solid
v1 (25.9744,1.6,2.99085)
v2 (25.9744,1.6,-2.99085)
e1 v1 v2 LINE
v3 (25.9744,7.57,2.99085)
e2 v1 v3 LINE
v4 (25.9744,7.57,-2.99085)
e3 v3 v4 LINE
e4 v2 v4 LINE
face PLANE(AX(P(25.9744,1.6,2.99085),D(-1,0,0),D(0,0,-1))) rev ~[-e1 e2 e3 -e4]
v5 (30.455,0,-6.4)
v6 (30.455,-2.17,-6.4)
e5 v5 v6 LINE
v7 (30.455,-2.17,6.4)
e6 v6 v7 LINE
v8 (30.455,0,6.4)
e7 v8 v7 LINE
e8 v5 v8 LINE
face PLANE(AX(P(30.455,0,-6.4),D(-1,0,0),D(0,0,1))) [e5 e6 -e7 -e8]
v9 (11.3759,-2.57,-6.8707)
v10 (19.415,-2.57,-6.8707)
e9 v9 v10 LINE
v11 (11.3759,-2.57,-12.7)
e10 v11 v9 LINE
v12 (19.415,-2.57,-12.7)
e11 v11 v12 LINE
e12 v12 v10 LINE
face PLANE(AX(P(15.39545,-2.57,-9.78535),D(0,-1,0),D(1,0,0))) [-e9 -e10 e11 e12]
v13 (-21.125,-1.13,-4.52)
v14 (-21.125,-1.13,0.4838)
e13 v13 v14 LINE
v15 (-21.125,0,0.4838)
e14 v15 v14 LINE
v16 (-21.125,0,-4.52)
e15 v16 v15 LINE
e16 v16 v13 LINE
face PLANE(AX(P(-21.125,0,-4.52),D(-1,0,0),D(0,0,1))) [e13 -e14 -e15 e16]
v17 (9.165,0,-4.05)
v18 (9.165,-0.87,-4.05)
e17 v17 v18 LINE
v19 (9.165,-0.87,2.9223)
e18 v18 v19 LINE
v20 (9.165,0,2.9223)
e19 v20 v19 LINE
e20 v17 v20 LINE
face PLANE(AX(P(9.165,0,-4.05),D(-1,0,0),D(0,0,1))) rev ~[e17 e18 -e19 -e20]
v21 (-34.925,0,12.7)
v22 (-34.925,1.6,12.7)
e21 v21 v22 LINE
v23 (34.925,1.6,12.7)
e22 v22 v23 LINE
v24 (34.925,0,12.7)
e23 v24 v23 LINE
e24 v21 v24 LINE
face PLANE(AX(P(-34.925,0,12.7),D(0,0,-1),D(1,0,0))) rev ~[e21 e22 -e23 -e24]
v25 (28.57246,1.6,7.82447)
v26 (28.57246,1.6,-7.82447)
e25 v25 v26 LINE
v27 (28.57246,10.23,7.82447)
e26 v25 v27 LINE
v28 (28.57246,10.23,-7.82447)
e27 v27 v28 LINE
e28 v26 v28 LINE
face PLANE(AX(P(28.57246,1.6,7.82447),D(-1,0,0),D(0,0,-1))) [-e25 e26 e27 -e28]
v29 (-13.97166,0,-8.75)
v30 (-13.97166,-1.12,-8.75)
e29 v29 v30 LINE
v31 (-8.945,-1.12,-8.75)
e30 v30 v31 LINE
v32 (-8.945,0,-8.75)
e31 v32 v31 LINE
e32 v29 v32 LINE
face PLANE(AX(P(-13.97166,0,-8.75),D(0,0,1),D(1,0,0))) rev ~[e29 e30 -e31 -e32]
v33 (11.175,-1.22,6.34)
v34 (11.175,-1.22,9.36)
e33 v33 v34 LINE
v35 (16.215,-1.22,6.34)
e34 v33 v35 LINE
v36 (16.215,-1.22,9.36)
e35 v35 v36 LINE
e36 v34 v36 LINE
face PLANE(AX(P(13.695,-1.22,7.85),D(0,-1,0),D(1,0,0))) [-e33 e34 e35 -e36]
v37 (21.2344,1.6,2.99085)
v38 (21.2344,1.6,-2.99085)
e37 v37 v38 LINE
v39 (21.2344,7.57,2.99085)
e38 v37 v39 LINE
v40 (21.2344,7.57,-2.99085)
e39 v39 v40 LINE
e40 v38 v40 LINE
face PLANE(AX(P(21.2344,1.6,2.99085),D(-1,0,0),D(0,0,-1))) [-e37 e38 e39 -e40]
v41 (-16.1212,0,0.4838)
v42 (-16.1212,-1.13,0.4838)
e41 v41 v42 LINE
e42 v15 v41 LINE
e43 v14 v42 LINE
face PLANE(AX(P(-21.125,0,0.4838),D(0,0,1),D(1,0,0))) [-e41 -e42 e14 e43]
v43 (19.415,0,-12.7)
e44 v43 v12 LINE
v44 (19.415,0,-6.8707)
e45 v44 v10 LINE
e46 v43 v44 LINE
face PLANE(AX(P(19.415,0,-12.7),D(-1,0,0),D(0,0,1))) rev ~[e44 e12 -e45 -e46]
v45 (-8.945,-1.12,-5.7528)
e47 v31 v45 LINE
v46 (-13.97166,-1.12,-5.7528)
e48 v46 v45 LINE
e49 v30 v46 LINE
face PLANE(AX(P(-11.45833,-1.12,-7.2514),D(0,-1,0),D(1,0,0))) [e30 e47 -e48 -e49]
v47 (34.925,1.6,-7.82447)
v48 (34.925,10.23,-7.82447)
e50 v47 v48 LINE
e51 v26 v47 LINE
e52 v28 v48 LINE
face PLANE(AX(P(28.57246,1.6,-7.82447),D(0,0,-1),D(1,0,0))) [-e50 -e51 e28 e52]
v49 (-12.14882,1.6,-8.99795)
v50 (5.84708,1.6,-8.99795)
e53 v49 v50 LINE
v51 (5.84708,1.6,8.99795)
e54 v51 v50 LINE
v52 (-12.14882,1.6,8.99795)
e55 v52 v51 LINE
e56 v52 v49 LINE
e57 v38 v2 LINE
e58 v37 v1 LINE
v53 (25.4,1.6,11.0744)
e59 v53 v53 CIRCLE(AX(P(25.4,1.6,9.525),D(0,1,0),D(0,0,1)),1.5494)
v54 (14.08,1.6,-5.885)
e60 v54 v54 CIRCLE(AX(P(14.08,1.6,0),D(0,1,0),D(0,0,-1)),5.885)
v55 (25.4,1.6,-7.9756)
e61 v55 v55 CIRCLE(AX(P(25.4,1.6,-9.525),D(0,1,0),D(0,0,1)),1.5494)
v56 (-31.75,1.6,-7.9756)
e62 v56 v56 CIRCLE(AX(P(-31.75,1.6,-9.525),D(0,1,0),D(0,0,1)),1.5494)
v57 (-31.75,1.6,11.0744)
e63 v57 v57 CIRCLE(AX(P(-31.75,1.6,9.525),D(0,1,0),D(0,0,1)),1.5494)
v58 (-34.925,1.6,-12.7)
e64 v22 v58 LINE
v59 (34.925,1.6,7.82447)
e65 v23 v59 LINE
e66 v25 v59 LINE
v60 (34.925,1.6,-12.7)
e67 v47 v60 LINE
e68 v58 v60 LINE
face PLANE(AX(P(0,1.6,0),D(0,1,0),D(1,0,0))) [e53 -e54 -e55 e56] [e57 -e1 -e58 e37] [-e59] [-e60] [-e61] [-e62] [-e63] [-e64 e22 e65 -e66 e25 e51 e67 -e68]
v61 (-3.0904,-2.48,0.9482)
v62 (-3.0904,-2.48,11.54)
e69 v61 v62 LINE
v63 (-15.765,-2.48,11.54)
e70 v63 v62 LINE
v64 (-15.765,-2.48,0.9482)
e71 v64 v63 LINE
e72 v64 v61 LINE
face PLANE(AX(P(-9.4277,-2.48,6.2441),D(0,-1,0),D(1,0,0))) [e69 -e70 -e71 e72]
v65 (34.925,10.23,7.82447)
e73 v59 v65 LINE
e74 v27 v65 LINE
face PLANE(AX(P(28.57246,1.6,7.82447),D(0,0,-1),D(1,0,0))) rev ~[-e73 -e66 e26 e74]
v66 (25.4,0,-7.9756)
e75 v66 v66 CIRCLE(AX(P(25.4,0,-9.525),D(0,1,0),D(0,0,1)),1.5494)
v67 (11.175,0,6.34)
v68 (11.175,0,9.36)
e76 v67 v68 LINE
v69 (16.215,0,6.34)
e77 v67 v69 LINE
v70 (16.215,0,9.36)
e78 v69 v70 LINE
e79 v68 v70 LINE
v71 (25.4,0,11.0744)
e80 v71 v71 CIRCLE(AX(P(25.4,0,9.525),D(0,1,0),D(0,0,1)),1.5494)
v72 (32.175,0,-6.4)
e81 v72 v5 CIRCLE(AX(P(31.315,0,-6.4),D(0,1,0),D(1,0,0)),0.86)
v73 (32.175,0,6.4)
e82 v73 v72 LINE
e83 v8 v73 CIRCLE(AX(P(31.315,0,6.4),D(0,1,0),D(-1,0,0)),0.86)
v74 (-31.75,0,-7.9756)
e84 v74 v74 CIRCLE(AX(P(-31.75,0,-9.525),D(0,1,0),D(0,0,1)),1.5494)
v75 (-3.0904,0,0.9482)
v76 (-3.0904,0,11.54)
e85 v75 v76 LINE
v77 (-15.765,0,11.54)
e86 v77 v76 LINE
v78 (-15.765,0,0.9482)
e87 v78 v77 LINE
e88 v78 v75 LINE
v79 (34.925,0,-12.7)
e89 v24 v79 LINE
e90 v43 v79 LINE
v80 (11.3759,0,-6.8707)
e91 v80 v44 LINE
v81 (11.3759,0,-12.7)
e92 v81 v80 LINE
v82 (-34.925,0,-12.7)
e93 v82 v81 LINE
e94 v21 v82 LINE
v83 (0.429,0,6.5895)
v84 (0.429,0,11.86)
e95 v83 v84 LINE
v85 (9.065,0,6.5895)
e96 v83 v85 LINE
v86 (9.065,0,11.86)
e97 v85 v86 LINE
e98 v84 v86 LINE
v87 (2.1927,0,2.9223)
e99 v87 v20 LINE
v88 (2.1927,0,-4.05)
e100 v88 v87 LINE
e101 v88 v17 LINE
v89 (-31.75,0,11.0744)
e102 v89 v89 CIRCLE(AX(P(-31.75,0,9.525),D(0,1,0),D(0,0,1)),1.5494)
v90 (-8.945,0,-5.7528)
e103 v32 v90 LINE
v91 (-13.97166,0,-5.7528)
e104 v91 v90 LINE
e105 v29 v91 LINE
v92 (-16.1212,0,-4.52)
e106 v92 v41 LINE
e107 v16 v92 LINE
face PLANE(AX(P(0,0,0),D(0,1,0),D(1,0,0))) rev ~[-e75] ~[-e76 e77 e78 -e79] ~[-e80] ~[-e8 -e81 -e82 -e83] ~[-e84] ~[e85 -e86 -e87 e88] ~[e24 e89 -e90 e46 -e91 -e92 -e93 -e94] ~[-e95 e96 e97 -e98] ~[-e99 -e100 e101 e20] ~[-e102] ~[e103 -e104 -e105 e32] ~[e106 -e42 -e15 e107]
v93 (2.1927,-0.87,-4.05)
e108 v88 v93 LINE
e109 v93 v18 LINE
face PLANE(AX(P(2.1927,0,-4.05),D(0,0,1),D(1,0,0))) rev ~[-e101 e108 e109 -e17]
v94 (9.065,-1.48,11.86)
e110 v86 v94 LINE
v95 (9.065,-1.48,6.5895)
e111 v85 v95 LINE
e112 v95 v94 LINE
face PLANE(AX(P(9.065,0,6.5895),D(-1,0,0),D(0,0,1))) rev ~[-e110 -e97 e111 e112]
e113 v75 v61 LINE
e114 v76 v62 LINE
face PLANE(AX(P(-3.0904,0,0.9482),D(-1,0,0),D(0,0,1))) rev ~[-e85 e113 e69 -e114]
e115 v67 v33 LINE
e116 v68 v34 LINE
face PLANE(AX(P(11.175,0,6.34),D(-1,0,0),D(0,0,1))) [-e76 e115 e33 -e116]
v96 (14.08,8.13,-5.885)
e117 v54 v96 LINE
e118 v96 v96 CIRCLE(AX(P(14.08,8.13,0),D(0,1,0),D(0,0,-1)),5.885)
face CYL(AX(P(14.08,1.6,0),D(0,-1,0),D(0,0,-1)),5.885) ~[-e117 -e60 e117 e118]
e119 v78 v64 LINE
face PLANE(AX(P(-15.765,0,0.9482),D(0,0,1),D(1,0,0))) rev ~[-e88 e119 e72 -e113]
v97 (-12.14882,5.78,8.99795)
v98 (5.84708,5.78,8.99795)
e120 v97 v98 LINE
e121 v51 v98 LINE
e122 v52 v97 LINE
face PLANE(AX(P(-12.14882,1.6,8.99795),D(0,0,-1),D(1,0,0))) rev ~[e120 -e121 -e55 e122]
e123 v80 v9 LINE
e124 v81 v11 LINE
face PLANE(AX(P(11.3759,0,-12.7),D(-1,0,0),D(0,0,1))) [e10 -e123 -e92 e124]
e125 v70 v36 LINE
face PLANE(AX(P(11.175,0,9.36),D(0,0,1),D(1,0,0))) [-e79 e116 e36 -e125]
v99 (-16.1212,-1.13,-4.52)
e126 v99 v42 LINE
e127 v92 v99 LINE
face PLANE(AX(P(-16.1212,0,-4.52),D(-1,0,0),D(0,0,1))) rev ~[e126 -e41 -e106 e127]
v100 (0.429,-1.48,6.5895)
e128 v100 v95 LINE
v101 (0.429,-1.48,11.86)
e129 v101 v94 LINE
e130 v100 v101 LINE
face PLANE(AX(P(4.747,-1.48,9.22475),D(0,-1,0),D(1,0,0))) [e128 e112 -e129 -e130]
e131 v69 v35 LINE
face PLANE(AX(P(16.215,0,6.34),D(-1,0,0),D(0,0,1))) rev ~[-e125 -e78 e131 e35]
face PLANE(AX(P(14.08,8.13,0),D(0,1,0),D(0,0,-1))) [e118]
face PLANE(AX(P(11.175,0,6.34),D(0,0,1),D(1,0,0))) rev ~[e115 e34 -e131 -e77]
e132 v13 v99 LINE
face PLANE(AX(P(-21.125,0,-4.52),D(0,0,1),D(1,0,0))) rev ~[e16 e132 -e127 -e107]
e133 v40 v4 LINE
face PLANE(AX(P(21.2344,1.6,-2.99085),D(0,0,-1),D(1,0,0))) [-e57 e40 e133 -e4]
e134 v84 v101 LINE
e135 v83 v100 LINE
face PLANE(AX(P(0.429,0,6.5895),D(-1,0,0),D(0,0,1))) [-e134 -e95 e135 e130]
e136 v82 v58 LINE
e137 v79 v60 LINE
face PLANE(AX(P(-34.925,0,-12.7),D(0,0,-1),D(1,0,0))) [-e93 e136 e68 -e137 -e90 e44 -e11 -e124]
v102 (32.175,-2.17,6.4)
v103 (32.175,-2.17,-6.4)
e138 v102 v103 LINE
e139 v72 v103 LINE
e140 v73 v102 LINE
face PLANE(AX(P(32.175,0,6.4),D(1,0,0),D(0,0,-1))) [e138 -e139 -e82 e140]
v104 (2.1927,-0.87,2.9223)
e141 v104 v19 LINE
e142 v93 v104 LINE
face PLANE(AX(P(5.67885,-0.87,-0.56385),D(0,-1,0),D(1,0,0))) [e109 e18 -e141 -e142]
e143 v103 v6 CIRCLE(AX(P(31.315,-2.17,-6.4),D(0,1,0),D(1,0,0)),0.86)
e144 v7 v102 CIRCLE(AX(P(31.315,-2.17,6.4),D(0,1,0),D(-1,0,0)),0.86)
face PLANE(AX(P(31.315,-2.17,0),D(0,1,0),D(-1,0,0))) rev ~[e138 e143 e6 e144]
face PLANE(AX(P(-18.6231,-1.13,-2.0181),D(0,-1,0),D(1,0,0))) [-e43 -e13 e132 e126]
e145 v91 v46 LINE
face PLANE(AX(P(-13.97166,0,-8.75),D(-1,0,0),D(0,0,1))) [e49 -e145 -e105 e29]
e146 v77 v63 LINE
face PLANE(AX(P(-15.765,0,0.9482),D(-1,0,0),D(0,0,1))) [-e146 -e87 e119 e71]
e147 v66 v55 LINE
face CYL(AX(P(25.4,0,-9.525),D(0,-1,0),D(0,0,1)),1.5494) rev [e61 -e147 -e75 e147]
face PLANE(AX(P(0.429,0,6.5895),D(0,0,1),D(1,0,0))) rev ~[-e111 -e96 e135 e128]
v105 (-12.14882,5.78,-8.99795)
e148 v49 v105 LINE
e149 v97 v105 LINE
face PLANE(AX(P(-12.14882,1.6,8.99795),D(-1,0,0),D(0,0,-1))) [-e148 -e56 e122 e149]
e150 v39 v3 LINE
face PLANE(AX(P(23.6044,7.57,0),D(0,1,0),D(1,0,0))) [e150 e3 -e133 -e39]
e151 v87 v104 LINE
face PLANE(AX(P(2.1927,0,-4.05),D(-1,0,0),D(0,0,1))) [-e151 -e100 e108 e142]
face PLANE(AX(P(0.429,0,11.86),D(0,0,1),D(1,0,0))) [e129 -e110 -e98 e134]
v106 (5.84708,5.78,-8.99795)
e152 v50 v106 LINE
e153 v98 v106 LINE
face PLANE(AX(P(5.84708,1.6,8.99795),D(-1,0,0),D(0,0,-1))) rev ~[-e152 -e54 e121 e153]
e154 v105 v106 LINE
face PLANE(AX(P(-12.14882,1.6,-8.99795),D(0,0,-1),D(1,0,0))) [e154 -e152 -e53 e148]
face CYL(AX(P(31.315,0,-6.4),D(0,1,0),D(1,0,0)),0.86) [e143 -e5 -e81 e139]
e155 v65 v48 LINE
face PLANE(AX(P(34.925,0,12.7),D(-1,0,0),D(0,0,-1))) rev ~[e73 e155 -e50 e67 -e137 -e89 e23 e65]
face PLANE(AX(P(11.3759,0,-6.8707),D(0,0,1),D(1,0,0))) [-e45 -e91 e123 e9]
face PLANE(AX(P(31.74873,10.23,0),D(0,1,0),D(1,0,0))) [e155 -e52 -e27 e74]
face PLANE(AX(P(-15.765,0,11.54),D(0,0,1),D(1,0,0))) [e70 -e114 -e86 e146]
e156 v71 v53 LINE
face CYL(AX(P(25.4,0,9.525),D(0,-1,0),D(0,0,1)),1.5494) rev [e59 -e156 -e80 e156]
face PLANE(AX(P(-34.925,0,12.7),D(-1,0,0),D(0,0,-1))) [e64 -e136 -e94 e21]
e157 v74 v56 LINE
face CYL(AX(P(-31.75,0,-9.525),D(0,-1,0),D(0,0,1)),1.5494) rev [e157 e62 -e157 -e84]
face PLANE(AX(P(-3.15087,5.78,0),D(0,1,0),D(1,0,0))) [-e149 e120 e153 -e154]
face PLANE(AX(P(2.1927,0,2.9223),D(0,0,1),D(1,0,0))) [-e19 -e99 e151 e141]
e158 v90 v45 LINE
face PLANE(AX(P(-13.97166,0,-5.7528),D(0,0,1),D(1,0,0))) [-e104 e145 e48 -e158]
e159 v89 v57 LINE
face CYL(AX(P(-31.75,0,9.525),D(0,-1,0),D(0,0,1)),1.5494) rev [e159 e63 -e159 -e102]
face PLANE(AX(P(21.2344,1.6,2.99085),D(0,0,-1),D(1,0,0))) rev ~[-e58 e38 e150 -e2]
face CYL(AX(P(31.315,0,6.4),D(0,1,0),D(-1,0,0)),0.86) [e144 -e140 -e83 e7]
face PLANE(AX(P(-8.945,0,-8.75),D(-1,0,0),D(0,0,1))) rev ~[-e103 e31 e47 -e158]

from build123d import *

# Parameters (mm, degrees)
SKETCH1_W                  = 69.85
SKETCH1_H                  = 25.4
SKETCH1_R                  = 1.5494
PCB_DEPTH                  = 1.6
TOP_FEATURES_W             = 17.9959
TOP_FEATURES_H             = 17.9959
GPS_ANTENNA_DEPTH          = 4.18
SKETCH2_3_W                = 4.74
SKETCH2_3_H                = 5.9817
JST_CONNECTOR_DEPTH        = 5.97
SKETCH2_4_W                = 6.35254
SKETCH2_4_H                = 15.64894
TERMINAL_BLOCK_DEPTH       = 8.63
BOTTOM_FEATURES_W          = 5.0038
BOTTOM_FEATURES_H          = 5.0038
CC1200_DEPTH               = 1.13
BOTTOM_FEATURES_4_W        = 12.6746
BOTTOM_FEATURES_4_H        = 10.5918
UBLOX_DEPTH                = 2.48
BOTTOM_FEATURES_5_W        = 8.636
BOTTOM_FEATURES_5_H        = 5.2705
FLASH_DEPTH                = 1.48
BOTTOM_FEATURES_6_W        = 5.04
BOTTOM_FEATURES_6_H        = 3.02
BARO_DEPTH                 = 1.22
BOTTOM_FEATURES_7_W        = 6.9723
BOTTOM_FEATURES_7_H        = 6.9723
UC_DEPTH                   = 0.87
BOTTOM_FEATURES_8_W        = 8.0391
BOTTOM_FEATURES_8_H        = 5.8293
USB_DEPTH                  = 2.57
BOTTOM_FEATURES_9_W        = 5.02666
BOTTOM_FEATURES_9_H        = 2.9972
ACCELEROMETER_DEPTH        = 1.12
TERMINALBLOCK_SOLDER_DEPTH = 2.17
TOP_FEATURES_5_R           = 5.885
BOSS_EXTRUDE13_DEPTH       = 6.53


with BuildPart() as part:
    # Sketch1 → PCB (new body)
    with BuildSketch(Plane(origin=(0, 0, 0), x_dir=(1, 0, 0), z_dir=(0, 1, 0))):
        Rectangle(SKETCH1_W, SKETCH1_H)
        with Locations((-31.75, 9.525)):
            Circle(SKETCH1_R, mode=Mode.SUBTRACT)
        with Locations((-31.75, -9.525)):
            Circle(SKETCH1_R, mode=Mode.SUBTRACT)
        with Locations((25.4, 9.525)):
            Circle(SKETCH1_R, mode=Mode.SUBTRACT)
        with Locations((25.4, -9.525)):
            Circle(SKETCH1_R, mode=Mode.SUBTRACT)
    extrude(amount=PCB_DEPTH)

    # top_features → gps_antenna (add)
    with BuildSketch(Plane(origin=(0, 1.6, 0), x_dir=(1, 0, 0), z_dir=(0, 1, 0))):
        with Locations((-3.15087, 0)):
            Rectangle(TOP_FEATURES_W, TOP_FEATURES_H)
    extrude(amount=GPS_ANTENNA_DEPTH)

    # Sketch2<3> → jst_connector (add)
    with BuildSketch(Plane(origin=(0, 1.6, 0), x_dir=(1, 0, 0), z_dir=(0, 1, 0))):
        with Locations((23.6044, 0)):
            Rectangle(SKETCH2_3_W, SKETCH2_3_H)
    extrude(amount=JST_CONNECTOR_DEPTH)

    # Sketch2<4> → terminal_block (add)
    with BuildSketch(Plane(origin=(0, 1.6, 0), x_dir=(1, 0, 0), z_dir=(0, 1, 0))):
        with Locations((31.74873, 0)):
            Rectangle(SKETCH2_4_W, SKETCH2_4_H)
    extrude(amount=TERMINAL_BLOCK_DEPTH)

    # bottom_features → cc1200 (add)
    with BuildSketch(Plane.XZ):
        with Locations((-18.6231, -2.0181)):
            Rectangle(BOTTOM_FEATURES_W, BOTTOM_FEATURES_H)
    extrude(amount=CC1200_DEPTH)

    # bottom_features<4> → ublox (add)
    with BuildSketch(Plane.XZ):
        with Locations((-9.4277, 6.2441)):
            Rectangle(BOTTOM_FEATURES_4_W, BOTTOM_FEATURES_4_H)
    extrude(amount=UBLOX_DEPTH)

    # bottom_features<5> → flash (add)
    with BuildSketch(Plane.XZ):
        with Locations((4.747, 9.22475)):
            Rectangle(BOTTOM_FEATURES_5_W, BOTTOM_FEATURES_5_H)
    extrude(amount=FLASH_DEPTH)

    # bottom_features<6> → baro (add)
    with BuildSketch(Plane.XZ):
        with Locations((13.695, 7.85)):
            Rectangle(BOTTOM_FEATURES_6_W, BOTTOM_FEATURES_6_H)
    extrude(amount=BARO_DEPTH)

    # bottom_features<7> → uC (add)
    with BuildSketch(Plane.XZ):
        with Locations((5.67885, -0.56385)):
            Rectangle(BOTTOM_FEATURES_7_W, BOTTOM_FEATURES_7_H)
    extrude(amount=UC_DEPTH)

    # bottom_features<8> → usb (add)
    with BuildSketch(Plane.XZ):
        with Locations((15.39545, -9.78535)):
            Rectangle(BOTTOM_FEATURES_8_W, BOTTOM_FEATURES_8_H)
    extrude(amount=USB_DEPTH)

    # bottom_features<9> → accelerometer (add)
    with BuildSketch(Plane.XZ):
        with Locations((-11.45833, -7.2514)):
            Rectangle(BOTTOM_FEATURES_9_W, BOTTOM_FEATURES_9_H)
    extrude(amount=ACCELEROMETER_DEPTH)

    # bottom_features<10> → terminalblock_solder (add)
    with BuildSketch(Plane.XZ):
        with BuildLine():
            Line((32.175, 6.4), (32.175, -6.4))
            ThreePointArc((32.175, -6.4), (31.315, -7.26), (30.455, -6.4))
            Line((30.455, -6.4), (30.455, 6.4))
            ThreePointArc((30.455, 6.4), (31.315, 7.26), (32.175, 6.4))
        make_face()
    extrude(amount=TERMINALBLOCK_SOLDER_DEPTH)

    # top_features<5> → Boss-Extrude13 (add)
    with BuildSketch(Plane(origin=(0, 1.6, 0), x_dir=(1, 0, 0), z_dir=(0, 1, 0))):
        with Locations((14.08, 0)):
            Circle(TOP_FEATURES_5_R)
    extrude(amount=BOSS_EXTRUDE13_DEPTH)


solid = part.part
